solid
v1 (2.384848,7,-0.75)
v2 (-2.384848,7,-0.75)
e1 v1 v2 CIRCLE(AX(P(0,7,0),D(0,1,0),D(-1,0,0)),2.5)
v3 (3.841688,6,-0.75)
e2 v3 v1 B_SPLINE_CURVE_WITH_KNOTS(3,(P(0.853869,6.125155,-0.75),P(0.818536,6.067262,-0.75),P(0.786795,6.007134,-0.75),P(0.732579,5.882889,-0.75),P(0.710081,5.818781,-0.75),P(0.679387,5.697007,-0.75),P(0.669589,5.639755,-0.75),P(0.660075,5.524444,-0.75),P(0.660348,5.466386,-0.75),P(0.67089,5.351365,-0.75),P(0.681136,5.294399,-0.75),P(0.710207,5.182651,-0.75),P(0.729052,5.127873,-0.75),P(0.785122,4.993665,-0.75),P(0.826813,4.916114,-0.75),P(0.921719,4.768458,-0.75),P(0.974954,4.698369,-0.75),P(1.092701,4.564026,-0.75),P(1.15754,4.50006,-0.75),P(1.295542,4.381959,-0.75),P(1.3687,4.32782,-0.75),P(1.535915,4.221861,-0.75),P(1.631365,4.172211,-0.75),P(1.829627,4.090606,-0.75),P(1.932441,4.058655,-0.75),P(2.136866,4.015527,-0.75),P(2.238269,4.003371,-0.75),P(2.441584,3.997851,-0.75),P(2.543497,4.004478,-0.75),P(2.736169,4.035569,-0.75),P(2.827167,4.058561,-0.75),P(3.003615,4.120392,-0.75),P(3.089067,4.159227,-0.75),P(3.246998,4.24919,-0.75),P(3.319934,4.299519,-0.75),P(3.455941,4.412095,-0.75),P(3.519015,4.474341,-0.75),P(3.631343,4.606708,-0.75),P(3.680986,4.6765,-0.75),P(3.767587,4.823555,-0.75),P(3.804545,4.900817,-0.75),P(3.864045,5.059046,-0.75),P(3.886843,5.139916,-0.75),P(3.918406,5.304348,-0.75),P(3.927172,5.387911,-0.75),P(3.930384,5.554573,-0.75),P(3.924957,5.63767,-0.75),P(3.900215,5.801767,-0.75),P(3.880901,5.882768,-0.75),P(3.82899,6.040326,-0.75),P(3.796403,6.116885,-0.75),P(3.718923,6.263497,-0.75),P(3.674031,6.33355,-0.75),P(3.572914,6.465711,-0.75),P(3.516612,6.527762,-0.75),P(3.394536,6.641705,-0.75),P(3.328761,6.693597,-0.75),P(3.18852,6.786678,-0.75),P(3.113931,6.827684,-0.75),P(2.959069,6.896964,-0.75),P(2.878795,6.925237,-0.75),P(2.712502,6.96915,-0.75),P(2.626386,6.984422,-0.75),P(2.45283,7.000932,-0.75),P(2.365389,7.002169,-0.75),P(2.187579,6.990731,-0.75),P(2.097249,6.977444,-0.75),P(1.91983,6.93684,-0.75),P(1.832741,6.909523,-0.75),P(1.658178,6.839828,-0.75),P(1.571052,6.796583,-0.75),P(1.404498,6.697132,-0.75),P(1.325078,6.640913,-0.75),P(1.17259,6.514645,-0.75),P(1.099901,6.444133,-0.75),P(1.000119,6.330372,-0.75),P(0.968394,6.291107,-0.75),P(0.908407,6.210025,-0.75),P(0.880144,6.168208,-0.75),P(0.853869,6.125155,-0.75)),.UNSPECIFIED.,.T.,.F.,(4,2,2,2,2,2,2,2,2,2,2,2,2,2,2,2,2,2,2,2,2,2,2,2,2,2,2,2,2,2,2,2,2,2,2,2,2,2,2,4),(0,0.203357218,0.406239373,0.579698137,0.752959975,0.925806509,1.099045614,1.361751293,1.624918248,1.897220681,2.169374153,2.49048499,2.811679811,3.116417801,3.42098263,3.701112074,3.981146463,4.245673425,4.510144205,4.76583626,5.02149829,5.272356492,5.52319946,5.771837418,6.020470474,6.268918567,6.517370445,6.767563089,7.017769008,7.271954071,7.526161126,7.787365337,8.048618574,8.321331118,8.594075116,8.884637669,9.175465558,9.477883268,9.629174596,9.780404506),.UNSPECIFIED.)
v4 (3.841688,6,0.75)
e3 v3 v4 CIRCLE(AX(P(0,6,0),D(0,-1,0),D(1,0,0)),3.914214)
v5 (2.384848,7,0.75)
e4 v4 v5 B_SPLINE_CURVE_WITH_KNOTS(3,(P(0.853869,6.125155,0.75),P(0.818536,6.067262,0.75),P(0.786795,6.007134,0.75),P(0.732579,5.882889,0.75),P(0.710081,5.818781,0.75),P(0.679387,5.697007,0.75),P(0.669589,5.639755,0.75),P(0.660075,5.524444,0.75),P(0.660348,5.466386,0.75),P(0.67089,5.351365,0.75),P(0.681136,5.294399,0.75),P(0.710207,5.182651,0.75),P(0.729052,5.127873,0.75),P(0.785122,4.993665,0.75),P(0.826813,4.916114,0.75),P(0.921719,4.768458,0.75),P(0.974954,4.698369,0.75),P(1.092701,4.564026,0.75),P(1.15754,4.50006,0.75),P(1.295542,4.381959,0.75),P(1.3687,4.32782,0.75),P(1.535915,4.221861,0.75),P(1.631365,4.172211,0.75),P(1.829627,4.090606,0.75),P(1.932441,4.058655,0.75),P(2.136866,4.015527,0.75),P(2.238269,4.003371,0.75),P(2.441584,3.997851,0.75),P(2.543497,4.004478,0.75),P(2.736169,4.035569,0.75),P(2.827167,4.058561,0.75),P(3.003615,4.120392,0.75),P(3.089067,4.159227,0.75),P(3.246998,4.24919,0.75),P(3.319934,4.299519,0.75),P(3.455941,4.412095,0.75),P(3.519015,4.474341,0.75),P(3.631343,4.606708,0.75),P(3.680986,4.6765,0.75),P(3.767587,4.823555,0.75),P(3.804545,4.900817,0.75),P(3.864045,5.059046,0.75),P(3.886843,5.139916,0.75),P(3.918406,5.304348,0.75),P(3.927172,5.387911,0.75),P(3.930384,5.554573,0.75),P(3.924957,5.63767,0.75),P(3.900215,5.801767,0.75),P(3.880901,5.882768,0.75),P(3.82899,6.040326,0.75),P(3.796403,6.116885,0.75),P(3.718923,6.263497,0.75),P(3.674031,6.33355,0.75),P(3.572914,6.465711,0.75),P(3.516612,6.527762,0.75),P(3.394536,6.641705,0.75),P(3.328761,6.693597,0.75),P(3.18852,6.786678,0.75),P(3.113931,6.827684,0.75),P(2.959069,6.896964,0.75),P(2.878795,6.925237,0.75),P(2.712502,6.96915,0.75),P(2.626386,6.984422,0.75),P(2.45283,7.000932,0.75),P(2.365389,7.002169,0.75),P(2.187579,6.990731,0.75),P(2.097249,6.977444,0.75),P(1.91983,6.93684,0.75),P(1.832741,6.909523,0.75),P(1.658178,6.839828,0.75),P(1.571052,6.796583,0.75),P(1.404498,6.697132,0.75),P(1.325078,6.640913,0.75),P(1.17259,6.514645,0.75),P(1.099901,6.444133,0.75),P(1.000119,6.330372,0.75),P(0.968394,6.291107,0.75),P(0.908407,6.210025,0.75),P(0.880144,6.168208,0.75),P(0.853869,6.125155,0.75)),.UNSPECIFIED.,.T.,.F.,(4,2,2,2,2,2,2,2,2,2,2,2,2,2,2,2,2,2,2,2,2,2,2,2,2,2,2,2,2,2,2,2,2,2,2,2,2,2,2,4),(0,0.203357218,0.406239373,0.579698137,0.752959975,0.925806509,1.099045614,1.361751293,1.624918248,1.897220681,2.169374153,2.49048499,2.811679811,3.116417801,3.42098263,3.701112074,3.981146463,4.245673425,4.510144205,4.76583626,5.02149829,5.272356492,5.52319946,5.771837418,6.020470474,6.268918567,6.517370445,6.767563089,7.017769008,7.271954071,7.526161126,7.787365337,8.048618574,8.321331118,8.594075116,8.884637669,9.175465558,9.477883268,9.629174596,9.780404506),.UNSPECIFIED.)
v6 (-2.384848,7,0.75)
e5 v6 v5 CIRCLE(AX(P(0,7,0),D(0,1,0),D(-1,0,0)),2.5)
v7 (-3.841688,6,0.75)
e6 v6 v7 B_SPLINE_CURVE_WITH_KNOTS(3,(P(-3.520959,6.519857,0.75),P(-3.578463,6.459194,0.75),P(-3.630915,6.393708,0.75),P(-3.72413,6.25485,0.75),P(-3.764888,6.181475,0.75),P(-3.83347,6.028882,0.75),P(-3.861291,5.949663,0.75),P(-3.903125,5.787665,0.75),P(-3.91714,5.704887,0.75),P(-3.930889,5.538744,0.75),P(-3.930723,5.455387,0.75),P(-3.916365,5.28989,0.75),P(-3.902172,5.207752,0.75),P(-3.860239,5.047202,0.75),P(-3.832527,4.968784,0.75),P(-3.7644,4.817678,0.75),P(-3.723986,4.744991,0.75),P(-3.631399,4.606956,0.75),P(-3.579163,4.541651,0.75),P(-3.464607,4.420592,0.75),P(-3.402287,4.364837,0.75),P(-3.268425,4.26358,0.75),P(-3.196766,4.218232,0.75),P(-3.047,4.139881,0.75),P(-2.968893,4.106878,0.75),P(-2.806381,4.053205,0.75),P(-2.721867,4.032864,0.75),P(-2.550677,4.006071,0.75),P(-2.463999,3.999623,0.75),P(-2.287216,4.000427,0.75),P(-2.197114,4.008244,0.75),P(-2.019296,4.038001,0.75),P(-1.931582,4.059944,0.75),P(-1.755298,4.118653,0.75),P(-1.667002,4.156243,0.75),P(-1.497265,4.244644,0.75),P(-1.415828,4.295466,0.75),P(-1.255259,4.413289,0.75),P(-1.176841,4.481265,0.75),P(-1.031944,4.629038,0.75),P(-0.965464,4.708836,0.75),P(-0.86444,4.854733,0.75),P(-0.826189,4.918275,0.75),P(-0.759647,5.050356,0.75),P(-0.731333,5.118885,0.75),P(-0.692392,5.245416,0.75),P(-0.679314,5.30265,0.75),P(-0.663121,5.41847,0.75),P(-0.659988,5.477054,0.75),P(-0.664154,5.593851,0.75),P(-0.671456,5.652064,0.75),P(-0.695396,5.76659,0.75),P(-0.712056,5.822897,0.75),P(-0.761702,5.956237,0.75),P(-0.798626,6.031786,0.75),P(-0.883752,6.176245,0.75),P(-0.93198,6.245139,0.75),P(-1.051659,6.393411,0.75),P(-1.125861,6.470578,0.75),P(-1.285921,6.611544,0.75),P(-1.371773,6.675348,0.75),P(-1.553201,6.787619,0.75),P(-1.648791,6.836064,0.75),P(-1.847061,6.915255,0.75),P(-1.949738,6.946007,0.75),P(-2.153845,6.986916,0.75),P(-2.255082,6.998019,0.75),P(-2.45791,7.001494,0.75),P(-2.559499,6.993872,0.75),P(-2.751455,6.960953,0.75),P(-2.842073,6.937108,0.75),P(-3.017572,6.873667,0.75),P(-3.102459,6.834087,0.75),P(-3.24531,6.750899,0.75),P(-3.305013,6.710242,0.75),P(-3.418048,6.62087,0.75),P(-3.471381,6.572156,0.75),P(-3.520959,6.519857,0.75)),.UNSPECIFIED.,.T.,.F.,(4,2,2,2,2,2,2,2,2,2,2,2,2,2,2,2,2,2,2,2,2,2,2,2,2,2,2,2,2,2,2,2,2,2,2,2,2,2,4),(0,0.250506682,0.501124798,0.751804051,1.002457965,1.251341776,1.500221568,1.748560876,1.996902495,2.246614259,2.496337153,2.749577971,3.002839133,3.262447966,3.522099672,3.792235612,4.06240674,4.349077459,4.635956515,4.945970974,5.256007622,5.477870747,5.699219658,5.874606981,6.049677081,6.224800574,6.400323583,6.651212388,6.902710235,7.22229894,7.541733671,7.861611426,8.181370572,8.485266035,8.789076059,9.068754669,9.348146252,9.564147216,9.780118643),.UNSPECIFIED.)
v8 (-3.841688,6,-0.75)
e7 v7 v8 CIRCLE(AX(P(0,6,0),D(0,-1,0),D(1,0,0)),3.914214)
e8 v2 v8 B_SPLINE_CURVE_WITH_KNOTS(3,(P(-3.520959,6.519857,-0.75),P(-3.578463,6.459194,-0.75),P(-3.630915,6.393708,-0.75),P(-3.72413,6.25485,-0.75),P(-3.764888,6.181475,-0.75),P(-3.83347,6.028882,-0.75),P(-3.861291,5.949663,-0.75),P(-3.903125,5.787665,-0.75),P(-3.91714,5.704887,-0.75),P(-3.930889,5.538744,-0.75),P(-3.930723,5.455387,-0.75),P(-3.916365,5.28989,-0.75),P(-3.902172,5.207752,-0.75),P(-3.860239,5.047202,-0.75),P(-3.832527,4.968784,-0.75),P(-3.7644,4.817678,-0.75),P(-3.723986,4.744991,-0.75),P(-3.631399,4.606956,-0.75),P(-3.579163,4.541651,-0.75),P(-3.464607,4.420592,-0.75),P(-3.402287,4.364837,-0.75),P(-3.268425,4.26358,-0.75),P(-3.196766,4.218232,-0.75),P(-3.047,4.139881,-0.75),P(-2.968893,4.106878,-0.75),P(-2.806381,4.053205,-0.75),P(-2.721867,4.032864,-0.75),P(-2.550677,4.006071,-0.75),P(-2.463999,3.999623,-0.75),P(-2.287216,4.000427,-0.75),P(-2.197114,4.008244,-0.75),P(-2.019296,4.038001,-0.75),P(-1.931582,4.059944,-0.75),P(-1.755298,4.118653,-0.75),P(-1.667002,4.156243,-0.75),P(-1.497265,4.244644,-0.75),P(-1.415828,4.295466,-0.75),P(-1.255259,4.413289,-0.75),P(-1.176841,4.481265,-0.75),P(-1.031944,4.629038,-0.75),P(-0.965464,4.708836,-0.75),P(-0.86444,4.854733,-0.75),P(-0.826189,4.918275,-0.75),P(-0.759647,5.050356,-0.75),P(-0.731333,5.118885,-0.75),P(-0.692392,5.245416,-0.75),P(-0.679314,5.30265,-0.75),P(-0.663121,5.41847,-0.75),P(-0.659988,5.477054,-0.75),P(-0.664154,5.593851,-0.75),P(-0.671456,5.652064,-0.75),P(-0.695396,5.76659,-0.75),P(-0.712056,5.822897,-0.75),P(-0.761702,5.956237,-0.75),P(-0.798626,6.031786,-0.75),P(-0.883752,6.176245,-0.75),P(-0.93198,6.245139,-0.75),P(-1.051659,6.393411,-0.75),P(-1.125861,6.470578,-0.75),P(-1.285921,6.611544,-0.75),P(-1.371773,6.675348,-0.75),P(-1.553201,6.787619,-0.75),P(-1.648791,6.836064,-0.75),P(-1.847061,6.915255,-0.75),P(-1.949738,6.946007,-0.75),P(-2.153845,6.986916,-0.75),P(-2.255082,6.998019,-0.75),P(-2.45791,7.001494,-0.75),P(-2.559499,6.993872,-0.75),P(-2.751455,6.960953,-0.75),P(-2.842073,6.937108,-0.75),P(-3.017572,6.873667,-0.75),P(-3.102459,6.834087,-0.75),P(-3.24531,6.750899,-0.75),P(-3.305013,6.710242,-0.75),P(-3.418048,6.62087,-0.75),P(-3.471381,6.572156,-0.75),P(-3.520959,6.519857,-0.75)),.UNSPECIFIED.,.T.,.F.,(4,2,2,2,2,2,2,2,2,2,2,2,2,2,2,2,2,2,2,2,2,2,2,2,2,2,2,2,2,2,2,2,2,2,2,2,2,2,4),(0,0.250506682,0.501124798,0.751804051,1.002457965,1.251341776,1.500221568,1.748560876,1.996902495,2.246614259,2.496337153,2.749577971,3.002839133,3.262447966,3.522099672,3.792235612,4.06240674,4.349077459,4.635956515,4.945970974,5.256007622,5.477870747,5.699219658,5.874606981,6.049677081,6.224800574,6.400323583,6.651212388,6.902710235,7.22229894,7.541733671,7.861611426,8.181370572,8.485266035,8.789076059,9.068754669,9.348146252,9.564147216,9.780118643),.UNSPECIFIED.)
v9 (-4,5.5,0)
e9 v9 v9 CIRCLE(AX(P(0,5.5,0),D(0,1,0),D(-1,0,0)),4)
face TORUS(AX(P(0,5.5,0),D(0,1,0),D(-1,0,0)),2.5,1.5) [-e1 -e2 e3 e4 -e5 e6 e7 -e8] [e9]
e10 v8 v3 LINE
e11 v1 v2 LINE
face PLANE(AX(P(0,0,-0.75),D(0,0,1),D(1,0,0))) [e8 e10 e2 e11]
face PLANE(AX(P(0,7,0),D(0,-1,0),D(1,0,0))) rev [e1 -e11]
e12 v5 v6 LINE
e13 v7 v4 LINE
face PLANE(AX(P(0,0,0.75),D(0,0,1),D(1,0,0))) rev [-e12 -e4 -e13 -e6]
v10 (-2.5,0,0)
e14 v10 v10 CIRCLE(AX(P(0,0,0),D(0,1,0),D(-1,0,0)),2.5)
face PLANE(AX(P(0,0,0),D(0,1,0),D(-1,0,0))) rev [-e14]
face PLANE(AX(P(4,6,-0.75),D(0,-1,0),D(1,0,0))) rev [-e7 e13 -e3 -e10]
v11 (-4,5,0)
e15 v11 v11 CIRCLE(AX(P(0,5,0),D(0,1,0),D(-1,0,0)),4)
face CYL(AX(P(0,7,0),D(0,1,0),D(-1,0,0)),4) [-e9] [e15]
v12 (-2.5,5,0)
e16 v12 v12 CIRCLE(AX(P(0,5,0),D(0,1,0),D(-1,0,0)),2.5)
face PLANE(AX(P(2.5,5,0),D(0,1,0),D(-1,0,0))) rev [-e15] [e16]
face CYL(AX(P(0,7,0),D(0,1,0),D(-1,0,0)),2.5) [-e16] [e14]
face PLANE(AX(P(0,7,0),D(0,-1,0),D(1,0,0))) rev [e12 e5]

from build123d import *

# Parameters (mm, degrees)
ESBO_O2_W             = 8
ESBO_O2_H             = 1
CORTE_EXTRUS_O1_DEPTH = 0.75


with BuildPart() as part:
    # Esboço1 → Revolução1 (revolve)
    with BuildSketch(Plane.XY):
        with BuildLine():
            Line((0, 0), (2.5, 0))
            Line((2.5, 0), (2.5, 5))
            Line((2.5, 5), (4, 5))
            Line((4, 5), (4, 5.5))
            ThreePointArc((4, 5.5), (3.560660172, 6.560660172), (2.5, 7))
            Line((2.5, 7), (0, 7))
            Line((0, 7), (0, 0))
        make_face()
    revolve(axis=Axis((0, 7, 0), (0, -1, 0)))

    # Esboço2 → Corte-extrusão1 (cut, symmetric)
    with BuildSketch(Plane.XY):
        with Locations((0, 6.5)):
            Rectangle(ESBO_O2_W, ESBO_O2_H)
    extrude(amount=CORTE_EXTRUS_O1_DEPTH, both=True, mode=Mode.SUBTRACT)


solid = part.part
